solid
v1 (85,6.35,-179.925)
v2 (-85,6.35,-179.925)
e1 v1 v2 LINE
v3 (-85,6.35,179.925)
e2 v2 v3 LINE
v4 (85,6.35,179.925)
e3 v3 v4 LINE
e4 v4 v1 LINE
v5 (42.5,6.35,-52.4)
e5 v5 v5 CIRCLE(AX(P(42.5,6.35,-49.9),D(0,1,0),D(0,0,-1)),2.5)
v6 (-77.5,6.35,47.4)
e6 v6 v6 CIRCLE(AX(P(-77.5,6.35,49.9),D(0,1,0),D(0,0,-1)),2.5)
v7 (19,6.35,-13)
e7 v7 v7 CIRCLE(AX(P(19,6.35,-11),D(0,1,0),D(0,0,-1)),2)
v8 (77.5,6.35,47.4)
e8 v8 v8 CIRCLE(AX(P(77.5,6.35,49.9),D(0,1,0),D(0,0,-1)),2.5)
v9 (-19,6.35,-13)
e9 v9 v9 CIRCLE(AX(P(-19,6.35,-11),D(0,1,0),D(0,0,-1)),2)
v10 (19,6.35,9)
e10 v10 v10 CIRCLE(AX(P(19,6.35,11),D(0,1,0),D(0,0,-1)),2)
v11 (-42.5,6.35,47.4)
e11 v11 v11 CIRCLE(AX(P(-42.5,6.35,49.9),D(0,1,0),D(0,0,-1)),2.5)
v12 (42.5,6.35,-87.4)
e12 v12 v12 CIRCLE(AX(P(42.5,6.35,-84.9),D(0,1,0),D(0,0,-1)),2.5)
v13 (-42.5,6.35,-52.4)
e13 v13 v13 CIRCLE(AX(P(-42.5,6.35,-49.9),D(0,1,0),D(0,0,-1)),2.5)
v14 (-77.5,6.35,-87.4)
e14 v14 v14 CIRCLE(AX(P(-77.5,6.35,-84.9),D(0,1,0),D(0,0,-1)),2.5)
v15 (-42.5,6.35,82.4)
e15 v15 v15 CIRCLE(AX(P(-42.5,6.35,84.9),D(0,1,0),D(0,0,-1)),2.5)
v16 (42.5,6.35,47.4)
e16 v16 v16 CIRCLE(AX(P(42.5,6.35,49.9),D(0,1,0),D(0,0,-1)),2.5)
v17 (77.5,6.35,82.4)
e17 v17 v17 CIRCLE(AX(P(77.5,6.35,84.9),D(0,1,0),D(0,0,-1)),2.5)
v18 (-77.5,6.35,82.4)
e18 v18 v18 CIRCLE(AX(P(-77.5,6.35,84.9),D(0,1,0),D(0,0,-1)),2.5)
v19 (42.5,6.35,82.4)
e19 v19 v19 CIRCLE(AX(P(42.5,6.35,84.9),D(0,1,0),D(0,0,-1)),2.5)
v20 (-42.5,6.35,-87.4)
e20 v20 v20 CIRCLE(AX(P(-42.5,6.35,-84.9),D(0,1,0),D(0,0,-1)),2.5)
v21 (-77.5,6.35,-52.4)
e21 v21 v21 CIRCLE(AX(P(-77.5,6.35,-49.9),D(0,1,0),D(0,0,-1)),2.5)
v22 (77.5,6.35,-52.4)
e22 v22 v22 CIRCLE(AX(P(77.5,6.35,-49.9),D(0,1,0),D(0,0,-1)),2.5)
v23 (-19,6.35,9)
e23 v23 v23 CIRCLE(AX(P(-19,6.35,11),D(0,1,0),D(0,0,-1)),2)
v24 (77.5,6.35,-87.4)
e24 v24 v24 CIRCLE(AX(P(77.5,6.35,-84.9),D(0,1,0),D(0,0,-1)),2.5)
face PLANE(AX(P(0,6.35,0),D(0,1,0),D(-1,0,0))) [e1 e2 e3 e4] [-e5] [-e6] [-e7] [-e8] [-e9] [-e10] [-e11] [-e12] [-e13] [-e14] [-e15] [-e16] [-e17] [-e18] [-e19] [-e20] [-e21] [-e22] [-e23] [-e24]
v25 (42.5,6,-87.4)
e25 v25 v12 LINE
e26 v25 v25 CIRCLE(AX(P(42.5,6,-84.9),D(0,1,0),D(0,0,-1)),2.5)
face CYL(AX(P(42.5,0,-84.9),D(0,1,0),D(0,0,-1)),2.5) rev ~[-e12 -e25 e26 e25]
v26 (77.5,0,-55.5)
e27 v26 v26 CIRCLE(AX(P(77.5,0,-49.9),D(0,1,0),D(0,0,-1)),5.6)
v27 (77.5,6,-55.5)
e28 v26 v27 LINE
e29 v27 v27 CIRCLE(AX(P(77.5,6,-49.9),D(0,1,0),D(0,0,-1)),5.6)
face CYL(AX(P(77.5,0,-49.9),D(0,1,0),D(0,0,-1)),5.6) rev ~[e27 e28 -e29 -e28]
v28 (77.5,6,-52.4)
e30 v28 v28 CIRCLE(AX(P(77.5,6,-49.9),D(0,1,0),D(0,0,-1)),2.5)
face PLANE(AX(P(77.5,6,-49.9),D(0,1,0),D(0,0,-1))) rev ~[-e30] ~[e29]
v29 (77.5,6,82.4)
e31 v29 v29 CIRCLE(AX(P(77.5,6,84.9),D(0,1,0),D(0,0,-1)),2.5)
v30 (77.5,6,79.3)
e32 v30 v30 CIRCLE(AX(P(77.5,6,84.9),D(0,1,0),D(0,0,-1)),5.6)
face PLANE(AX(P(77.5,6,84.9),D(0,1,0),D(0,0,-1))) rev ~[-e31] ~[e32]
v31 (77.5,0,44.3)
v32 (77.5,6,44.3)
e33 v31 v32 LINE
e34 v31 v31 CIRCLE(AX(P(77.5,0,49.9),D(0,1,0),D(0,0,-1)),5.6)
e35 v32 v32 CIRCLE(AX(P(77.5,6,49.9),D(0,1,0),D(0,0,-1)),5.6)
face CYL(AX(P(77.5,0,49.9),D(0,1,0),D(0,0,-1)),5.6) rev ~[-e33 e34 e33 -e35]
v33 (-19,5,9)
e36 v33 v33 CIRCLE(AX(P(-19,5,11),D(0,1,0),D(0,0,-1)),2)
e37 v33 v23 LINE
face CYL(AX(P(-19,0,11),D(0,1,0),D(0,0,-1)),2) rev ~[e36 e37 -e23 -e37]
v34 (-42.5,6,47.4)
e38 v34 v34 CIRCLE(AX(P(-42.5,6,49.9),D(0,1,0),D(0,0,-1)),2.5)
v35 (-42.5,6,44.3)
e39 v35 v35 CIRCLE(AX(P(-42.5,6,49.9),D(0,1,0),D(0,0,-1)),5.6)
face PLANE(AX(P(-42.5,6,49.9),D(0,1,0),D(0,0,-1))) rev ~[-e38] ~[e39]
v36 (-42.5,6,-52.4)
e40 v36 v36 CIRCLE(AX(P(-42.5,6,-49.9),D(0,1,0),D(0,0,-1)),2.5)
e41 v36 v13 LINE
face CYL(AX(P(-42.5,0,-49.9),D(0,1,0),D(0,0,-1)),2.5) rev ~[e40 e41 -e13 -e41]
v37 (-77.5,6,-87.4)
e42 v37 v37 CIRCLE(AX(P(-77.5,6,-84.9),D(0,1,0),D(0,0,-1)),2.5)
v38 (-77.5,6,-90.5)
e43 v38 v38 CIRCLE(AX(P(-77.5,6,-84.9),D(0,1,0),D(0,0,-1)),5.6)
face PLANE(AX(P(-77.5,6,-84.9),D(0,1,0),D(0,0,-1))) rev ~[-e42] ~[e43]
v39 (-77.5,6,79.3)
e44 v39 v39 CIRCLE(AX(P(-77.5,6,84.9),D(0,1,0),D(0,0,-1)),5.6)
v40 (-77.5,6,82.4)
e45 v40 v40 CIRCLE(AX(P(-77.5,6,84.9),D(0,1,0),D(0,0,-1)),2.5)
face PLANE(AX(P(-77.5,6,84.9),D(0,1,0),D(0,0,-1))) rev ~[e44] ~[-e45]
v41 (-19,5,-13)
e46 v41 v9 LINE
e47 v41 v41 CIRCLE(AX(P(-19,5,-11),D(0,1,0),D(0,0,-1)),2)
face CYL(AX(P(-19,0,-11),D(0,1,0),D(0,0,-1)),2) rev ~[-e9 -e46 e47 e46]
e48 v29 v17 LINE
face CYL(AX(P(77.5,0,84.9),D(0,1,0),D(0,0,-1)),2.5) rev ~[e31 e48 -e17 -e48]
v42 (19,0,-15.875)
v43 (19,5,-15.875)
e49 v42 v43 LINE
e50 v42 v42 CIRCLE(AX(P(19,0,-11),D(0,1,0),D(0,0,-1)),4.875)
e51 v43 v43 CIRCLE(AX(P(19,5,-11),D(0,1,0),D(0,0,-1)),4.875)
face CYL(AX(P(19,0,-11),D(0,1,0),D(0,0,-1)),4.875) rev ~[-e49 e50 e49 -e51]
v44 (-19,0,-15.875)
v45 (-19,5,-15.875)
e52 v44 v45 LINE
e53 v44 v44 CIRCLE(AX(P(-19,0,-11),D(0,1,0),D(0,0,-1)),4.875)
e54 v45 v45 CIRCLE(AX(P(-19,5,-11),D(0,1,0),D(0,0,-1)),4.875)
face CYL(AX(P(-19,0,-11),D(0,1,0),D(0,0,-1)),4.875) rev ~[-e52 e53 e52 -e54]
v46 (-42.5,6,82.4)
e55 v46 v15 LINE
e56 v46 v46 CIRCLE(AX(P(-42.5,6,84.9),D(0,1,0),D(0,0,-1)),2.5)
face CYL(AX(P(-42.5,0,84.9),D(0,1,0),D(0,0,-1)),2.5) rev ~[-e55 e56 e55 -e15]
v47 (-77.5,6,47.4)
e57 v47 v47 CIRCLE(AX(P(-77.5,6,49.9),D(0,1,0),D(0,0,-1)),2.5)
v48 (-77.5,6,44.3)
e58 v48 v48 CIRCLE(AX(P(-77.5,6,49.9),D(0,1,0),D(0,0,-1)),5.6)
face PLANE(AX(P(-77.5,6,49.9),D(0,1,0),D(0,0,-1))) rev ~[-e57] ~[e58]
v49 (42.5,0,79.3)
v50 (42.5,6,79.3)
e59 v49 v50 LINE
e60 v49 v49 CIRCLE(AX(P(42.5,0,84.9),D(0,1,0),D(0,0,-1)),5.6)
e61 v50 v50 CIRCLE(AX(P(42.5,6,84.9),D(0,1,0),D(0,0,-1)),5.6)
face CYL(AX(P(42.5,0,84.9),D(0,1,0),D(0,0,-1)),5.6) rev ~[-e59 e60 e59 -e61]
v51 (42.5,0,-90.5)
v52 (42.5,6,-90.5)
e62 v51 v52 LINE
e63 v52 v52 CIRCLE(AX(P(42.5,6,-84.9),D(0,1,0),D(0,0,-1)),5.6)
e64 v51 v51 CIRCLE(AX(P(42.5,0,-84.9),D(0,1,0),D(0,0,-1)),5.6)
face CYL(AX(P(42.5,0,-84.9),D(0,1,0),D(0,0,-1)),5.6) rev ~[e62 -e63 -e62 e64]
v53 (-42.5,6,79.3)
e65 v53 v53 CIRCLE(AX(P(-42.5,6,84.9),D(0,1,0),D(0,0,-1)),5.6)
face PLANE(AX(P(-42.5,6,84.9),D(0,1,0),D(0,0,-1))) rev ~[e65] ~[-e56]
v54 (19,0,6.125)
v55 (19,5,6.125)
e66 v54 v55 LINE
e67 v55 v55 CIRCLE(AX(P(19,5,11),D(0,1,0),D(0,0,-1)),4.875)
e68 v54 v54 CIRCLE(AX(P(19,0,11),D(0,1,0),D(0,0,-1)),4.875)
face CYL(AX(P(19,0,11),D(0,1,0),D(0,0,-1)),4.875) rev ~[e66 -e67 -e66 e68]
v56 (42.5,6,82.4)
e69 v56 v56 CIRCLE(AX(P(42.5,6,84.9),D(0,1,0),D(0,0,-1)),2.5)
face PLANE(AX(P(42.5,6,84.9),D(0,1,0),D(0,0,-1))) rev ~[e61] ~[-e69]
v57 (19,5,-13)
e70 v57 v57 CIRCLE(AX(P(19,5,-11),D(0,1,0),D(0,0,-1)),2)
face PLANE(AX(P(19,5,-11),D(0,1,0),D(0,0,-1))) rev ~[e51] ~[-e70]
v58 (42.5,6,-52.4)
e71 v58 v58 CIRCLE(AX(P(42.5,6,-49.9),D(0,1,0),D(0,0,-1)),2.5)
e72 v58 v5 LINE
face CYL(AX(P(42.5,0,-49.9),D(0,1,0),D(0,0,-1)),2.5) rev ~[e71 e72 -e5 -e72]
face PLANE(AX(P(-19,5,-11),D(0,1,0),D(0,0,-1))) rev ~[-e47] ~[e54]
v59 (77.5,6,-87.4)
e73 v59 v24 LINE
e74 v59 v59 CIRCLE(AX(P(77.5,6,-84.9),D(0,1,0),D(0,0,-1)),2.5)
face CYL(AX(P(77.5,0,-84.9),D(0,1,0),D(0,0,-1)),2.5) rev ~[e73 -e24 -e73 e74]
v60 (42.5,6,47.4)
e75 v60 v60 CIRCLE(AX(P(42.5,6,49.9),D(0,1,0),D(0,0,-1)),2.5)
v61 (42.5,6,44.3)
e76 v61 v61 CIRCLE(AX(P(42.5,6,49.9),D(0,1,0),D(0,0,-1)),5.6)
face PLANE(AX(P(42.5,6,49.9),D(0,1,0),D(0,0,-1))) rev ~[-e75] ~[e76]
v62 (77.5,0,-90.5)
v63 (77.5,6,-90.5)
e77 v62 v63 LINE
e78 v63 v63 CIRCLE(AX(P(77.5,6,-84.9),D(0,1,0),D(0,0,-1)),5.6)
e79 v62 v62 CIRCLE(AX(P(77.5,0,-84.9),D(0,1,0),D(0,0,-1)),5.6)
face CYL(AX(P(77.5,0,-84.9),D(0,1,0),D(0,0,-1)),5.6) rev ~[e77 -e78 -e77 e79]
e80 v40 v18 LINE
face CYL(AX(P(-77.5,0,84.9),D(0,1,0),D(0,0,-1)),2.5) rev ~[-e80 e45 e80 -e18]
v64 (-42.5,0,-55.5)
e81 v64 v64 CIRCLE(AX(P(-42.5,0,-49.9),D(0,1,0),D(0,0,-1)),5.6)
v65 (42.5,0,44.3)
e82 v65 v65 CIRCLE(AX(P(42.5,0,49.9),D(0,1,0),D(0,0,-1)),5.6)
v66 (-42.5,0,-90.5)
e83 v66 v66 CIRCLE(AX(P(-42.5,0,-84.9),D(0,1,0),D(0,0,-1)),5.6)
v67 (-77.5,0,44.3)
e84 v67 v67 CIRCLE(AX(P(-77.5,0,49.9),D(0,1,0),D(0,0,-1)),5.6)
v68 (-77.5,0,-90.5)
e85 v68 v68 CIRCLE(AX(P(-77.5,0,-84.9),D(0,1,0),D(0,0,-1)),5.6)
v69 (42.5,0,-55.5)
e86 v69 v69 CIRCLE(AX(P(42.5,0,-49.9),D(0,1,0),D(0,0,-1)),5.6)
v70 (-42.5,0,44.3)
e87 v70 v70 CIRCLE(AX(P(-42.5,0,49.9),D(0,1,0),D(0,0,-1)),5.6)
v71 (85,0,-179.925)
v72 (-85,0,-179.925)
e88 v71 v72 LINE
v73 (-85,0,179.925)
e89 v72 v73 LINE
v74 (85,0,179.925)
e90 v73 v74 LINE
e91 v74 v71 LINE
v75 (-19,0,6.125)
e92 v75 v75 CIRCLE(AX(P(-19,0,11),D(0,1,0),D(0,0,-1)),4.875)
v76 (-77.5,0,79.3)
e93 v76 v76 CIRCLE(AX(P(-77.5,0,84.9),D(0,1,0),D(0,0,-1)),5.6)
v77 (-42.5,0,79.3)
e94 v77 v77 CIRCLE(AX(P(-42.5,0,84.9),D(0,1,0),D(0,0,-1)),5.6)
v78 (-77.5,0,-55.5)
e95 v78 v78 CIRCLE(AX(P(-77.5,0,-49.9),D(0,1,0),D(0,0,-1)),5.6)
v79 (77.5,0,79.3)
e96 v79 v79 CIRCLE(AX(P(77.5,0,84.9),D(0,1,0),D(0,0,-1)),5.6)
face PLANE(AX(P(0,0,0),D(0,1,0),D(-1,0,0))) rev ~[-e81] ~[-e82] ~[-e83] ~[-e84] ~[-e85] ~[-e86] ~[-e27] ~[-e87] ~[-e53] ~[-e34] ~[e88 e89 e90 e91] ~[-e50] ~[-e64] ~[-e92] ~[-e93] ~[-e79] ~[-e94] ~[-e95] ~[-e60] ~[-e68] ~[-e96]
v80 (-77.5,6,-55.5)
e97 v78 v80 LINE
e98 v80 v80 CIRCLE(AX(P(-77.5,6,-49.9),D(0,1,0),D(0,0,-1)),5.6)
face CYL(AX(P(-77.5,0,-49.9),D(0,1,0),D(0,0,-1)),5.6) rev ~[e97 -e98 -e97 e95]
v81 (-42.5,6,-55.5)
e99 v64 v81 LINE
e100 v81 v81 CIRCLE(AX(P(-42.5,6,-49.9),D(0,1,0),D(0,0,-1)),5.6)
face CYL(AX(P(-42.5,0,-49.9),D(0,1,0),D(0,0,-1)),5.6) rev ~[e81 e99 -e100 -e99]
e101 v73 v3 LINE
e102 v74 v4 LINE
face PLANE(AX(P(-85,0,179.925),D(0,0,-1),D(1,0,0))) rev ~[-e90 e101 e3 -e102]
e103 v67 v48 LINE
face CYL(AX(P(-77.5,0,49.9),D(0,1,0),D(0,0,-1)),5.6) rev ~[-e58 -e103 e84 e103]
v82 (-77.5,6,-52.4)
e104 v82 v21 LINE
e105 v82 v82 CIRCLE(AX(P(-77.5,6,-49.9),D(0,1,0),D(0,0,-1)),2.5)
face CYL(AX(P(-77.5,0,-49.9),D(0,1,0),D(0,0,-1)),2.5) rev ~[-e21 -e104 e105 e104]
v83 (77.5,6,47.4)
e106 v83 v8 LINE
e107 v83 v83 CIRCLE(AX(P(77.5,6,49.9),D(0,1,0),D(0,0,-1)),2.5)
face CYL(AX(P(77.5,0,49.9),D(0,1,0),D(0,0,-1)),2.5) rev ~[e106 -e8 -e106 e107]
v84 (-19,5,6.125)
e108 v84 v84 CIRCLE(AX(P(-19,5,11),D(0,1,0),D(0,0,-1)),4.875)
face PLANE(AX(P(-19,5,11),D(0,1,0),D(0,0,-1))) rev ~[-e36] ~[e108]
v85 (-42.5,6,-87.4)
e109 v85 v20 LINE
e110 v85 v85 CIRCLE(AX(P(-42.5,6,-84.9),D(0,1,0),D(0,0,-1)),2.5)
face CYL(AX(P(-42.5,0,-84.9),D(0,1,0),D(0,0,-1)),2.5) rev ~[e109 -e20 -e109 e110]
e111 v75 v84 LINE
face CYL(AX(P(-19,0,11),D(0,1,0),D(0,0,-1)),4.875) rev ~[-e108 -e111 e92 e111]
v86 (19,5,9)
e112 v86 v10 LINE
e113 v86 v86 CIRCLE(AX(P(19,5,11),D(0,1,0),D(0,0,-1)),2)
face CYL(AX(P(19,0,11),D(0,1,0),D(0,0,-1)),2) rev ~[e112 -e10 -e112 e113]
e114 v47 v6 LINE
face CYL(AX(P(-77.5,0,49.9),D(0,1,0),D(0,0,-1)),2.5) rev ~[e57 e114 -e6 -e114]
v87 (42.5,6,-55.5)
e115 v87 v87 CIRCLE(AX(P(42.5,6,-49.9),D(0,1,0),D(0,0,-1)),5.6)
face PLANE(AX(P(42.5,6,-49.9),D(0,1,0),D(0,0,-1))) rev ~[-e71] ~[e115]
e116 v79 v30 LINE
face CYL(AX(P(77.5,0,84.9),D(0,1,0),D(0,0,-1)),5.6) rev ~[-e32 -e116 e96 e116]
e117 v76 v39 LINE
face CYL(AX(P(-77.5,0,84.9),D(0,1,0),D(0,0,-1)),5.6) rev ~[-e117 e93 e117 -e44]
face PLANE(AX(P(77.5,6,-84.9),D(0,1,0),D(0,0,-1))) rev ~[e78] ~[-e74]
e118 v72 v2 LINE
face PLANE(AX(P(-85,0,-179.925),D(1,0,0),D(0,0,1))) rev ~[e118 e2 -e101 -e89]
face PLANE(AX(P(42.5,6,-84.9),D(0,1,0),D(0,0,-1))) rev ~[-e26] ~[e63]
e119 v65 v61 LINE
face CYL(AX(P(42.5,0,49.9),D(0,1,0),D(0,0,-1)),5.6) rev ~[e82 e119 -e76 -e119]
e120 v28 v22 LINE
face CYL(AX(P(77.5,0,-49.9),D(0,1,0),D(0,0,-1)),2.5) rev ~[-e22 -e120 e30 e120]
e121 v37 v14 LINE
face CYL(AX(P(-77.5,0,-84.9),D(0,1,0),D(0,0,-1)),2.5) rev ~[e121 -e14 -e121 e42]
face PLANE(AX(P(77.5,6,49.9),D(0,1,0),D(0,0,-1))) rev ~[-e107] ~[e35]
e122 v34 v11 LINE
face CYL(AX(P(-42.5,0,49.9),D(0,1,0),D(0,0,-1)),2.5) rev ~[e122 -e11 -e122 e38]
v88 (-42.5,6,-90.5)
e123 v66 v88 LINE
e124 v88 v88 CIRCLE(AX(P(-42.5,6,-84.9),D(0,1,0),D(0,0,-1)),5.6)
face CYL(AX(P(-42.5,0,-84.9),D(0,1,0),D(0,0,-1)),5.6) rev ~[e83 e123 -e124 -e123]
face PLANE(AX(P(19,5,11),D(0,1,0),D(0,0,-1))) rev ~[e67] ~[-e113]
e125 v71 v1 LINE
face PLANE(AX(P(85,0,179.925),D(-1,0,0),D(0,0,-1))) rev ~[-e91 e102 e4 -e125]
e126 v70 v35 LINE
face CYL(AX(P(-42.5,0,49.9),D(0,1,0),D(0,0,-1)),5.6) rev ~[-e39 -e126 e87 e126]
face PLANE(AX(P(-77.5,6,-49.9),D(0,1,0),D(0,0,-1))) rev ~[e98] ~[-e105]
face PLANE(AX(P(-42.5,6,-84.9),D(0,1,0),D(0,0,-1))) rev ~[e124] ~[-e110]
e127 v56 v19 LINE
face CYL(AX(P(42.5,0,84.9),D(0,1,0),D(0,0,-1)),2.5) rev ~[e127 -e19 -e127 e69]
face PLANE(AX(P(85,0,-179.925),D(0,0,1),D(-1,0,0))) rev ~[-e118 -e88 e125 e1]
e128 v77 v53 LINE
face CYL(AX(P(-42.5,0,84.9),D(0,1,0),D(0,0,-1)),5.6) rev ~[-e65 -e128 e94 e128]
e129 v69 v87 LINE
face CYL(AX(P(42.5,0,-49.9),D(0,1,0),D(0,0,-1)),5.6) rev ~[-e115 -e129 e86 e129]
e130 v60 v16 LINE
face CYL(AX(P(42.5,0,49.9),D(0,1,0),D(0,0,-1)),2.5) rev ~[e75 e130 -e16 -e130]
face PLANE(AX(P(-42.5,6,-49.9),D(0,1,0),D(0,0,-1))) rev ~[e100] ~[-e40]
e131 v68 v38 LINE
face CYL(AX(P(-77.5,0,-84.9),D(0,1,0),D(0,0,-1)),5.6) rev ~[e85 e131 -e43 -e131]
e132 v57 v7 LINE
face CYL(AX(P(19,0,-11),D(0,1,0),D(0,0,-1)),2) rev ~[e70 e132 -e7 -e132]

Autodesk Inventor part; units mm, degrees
ref_plane "YZ Plane" through (0, 0, 0) normal (1, 0, 0) x (0, 1, 0)
ref_plane "XZ Plane" through (0, 0, 0) normal (0, 1, 0) x (-1, 0, 0)
ref_plane "XY Plane" through (0, 0, 0) normal (0, 0, 1) x (1, 0, 0)
sketch "Sketch1" plane through (0, 0, 0) normal (0, 1, 0) x (-1, 0, 0)
  line L0 (85, 179.925) -> (-85, 179.925)
  line L1 (-85, 179.925) -> (-85, -179.925)
  line L2 (-85, -179.925) -> (85, -179.925)
  line L3 (85, -179.925) -> (85, 179.925)
  line L4 (85, 179.925) -> (-85, -179.925) construction
  line L5 (-85, 179.925) -> (85, -179.925) construction
  point P0 (0, 0)
  dimension "d0" = 170
  dimension "d1" = 359.85
extrude "Extrusion1" add sketch "Sketch1" along normal blind 6.35
sketch "Sketch2" plane through (0, 0, 0) normal (0, -1, 0) x (1, 0, 0)
  line L0 (-85, 179.925) -> (85, 179.925) projected
  line L1 (-85, -179.925) -> (-85, 179.925) projected
  line L2 (85, 179.925) -> (85, -179.925) projected
  line L3 (35, 43.4) -> (85, 43.4) construction
  line L4 (85, 43.4) -> (85, 91.4) construction
  line L5 (85, 91.4) -> (35, 91.4) construction
  line L6 (35, 91.4) -> (35, 43.4) construction
  line L7 (35, 43.4) -> (85, 91.4) construction
  line L8 (85, 43.4) -> (35, 91.4) construction
  line L9 (-85, 43.4) -> (-35, 43.4) construction
  line L10 (-35, 43.4) -> (-35, 91.4) construction
  line L11 (-35, 91.4) -> (-85, 91.4) construction
  line L12 (-85, 91.4) -> (-85, 43.4) construction
  line L13 (-85, 43.4) -> (-35, 91.4) construction
  line L14 (-35, 43.4) -> (-85, 91.4) construction
  line L15 (35, -91.4) -> (85, -91.4) construction
  line L16 (85, -91.4) -> (85, -43.4) construction
  line L17 (85, -43.4) -> (35, -43.4) construction
  line L18 (35, -43.4) -> (35, -91.4) construction
  line L19 (35, -91.4) -> (85, -43.4) construction
  line L20 (85, -91.4) -> (35, -43.4) construction
  line L21 (-85, -91.4) -> (-35, -91.4) construction
  line L22 (-35, -91.4) -> (-35, -43.4) construction
  line L23 (-35, -43.4) -> (-85, -43.4) construction
  line L24 (-85, -43.4) -> (-85, -91.4) construction
  line L25 (-85, -91.4) -> (-35, -43.4) construction
  line L26 (-35, -91.4) -> (-85, -43.4) construction
  line L27 (-24, -17.5) -> (24, -17.5) construction
  line L28 (24, -17.5) -> (24, 17.5) construction
  line L29 (24, 17.5) -> (-24, 17.5) construction
  line L30 (-24, 17.5) -> (-24, -17.5) construction
  line L31 (-24, -17.5) -> (24, 17.5) construction
  line L32 (24, -17.5) -> (-24, 17.5) construction
  point P0 (0, 0)
  point P1 (60, 67.4)
  point P2 (42.5, 84.9)
  point P3 (77.5, 84.9)
  point P4 (42.5, 49.9)
  point P5 (77.5, 49.9)
  point P6 (-60, 67.4)
  point P7 (-77.5, 84.9)
  point P8 (-42.5, 84.9)
  point P9 (-77.5, 49.9)
  point P10 (-42.5, 49.9)
  point P11 (60, -67.4)
  point P12 (42.5, -49.9)
  point P13 (77.5, -49.9)
  point P14 (42.5, -84.9)
  point P15 (77.5, -84.9)
  point P16 (-60, -67.4)
  point P17 (-77.5, -49.9)
  point P18 (-42.5, -49.9)
  point P19 (-77.5, -84.9)
  point P20 (-42.5, -84.9)
  point P21 (-19, 11)
  point P22 (19, 11)
  point P23 (-19, -11)
  point P24 (19, -11)
  dimension "d20" = 170
  dimension "d43" = 35
  dimension "d46" = 35
  dimension "d49" = 48
  dimension "d50" = 50
  dimension "d51" = 25
  dimension "d54" = 120
  dimension "d57" = 134.8
  dimension "d60" = 359.85
  dimension "d61" = 88.525
  dimension "d62" = 6.5
  dimension "d63" = 7.5
  dimension "d64" = 48
  dimension "d65" = 35
  dimension "d68" = 38
  dimension "d71" = 22
  dimension "d74" = 6.5
  dimension "d75" = 5
  dimension "d76" = 25.9
hole "Hole2" at (-19, 0, 11) at (19, 0, 11) at (19, 0, -11) at (-19, 0, -11) direction (0, 1, 0) diameter 4 depth 8 tip angle 118
hole "Hole3" at (42.5, 0, 84.9) at (77.5, 0, 84.9) at (42.5, 0, 49.9) at (77.5, 0, 49.9) at (-42.5, 0, 49.9) at (-77.5, 0, 49.9) at (-42.5, 0, 84.9) at (-77.5, 0, 84.9) at (77.5, 0, -84.9) at (42.5, 0, -84.9) at (77.5, 0, -49.9) at (42.5, 0, -49.9) at (-42.5, 0, -84.9) at (-77.5, 0, -84.9) at (-42.5, 0, -49.9) at (-77.5, 0, -49.9) direction (0, 1, 0) diameter 5 depth 8 tip angle 118
hole "Hole4" at (-19, 0, 11) at (19, 0, 11) at (19, 0, -11) at (-19, 0, -11) direction (0, 1, 0) diameter 9.75 depth 5
hole "Hole5" at (-77.5, 0, 49.9) at (-42.5, 0, 49.9) at (-42.5, 0, 84.9) at (-77.5, 0, 84.9) at (42.5, 0, 84.9) at (77.5, 0, 84.9) at (77.5, 0, 49.9) at (42.5, 0, 49.9) at (77.5, 0, -49.9) at (42.5, 0, -49.9) at (42.5, 0, -84.9) at (77.5, 0, -84.9) at (-42.5, 0, -84.9) at (-42.5, 0, -49.9) at (-77.5, 0, -49.9) at (-77.5, 0, -84.9) direction (0, 1, 0) diameter 11.2 depth 6
equation "\"d51\" = 0.5 * d50"
equation "\"d61\" = -0.5 * d49 + 0.5 * d60 - 0.5 * d57"
equation "\"d74\" = -0.5 * d71 + 0.5 * d65"
equation "\"d75\" = -0.5 * d68 + 0.5 * d64"
properties part number "z-axis_mount_plate"
